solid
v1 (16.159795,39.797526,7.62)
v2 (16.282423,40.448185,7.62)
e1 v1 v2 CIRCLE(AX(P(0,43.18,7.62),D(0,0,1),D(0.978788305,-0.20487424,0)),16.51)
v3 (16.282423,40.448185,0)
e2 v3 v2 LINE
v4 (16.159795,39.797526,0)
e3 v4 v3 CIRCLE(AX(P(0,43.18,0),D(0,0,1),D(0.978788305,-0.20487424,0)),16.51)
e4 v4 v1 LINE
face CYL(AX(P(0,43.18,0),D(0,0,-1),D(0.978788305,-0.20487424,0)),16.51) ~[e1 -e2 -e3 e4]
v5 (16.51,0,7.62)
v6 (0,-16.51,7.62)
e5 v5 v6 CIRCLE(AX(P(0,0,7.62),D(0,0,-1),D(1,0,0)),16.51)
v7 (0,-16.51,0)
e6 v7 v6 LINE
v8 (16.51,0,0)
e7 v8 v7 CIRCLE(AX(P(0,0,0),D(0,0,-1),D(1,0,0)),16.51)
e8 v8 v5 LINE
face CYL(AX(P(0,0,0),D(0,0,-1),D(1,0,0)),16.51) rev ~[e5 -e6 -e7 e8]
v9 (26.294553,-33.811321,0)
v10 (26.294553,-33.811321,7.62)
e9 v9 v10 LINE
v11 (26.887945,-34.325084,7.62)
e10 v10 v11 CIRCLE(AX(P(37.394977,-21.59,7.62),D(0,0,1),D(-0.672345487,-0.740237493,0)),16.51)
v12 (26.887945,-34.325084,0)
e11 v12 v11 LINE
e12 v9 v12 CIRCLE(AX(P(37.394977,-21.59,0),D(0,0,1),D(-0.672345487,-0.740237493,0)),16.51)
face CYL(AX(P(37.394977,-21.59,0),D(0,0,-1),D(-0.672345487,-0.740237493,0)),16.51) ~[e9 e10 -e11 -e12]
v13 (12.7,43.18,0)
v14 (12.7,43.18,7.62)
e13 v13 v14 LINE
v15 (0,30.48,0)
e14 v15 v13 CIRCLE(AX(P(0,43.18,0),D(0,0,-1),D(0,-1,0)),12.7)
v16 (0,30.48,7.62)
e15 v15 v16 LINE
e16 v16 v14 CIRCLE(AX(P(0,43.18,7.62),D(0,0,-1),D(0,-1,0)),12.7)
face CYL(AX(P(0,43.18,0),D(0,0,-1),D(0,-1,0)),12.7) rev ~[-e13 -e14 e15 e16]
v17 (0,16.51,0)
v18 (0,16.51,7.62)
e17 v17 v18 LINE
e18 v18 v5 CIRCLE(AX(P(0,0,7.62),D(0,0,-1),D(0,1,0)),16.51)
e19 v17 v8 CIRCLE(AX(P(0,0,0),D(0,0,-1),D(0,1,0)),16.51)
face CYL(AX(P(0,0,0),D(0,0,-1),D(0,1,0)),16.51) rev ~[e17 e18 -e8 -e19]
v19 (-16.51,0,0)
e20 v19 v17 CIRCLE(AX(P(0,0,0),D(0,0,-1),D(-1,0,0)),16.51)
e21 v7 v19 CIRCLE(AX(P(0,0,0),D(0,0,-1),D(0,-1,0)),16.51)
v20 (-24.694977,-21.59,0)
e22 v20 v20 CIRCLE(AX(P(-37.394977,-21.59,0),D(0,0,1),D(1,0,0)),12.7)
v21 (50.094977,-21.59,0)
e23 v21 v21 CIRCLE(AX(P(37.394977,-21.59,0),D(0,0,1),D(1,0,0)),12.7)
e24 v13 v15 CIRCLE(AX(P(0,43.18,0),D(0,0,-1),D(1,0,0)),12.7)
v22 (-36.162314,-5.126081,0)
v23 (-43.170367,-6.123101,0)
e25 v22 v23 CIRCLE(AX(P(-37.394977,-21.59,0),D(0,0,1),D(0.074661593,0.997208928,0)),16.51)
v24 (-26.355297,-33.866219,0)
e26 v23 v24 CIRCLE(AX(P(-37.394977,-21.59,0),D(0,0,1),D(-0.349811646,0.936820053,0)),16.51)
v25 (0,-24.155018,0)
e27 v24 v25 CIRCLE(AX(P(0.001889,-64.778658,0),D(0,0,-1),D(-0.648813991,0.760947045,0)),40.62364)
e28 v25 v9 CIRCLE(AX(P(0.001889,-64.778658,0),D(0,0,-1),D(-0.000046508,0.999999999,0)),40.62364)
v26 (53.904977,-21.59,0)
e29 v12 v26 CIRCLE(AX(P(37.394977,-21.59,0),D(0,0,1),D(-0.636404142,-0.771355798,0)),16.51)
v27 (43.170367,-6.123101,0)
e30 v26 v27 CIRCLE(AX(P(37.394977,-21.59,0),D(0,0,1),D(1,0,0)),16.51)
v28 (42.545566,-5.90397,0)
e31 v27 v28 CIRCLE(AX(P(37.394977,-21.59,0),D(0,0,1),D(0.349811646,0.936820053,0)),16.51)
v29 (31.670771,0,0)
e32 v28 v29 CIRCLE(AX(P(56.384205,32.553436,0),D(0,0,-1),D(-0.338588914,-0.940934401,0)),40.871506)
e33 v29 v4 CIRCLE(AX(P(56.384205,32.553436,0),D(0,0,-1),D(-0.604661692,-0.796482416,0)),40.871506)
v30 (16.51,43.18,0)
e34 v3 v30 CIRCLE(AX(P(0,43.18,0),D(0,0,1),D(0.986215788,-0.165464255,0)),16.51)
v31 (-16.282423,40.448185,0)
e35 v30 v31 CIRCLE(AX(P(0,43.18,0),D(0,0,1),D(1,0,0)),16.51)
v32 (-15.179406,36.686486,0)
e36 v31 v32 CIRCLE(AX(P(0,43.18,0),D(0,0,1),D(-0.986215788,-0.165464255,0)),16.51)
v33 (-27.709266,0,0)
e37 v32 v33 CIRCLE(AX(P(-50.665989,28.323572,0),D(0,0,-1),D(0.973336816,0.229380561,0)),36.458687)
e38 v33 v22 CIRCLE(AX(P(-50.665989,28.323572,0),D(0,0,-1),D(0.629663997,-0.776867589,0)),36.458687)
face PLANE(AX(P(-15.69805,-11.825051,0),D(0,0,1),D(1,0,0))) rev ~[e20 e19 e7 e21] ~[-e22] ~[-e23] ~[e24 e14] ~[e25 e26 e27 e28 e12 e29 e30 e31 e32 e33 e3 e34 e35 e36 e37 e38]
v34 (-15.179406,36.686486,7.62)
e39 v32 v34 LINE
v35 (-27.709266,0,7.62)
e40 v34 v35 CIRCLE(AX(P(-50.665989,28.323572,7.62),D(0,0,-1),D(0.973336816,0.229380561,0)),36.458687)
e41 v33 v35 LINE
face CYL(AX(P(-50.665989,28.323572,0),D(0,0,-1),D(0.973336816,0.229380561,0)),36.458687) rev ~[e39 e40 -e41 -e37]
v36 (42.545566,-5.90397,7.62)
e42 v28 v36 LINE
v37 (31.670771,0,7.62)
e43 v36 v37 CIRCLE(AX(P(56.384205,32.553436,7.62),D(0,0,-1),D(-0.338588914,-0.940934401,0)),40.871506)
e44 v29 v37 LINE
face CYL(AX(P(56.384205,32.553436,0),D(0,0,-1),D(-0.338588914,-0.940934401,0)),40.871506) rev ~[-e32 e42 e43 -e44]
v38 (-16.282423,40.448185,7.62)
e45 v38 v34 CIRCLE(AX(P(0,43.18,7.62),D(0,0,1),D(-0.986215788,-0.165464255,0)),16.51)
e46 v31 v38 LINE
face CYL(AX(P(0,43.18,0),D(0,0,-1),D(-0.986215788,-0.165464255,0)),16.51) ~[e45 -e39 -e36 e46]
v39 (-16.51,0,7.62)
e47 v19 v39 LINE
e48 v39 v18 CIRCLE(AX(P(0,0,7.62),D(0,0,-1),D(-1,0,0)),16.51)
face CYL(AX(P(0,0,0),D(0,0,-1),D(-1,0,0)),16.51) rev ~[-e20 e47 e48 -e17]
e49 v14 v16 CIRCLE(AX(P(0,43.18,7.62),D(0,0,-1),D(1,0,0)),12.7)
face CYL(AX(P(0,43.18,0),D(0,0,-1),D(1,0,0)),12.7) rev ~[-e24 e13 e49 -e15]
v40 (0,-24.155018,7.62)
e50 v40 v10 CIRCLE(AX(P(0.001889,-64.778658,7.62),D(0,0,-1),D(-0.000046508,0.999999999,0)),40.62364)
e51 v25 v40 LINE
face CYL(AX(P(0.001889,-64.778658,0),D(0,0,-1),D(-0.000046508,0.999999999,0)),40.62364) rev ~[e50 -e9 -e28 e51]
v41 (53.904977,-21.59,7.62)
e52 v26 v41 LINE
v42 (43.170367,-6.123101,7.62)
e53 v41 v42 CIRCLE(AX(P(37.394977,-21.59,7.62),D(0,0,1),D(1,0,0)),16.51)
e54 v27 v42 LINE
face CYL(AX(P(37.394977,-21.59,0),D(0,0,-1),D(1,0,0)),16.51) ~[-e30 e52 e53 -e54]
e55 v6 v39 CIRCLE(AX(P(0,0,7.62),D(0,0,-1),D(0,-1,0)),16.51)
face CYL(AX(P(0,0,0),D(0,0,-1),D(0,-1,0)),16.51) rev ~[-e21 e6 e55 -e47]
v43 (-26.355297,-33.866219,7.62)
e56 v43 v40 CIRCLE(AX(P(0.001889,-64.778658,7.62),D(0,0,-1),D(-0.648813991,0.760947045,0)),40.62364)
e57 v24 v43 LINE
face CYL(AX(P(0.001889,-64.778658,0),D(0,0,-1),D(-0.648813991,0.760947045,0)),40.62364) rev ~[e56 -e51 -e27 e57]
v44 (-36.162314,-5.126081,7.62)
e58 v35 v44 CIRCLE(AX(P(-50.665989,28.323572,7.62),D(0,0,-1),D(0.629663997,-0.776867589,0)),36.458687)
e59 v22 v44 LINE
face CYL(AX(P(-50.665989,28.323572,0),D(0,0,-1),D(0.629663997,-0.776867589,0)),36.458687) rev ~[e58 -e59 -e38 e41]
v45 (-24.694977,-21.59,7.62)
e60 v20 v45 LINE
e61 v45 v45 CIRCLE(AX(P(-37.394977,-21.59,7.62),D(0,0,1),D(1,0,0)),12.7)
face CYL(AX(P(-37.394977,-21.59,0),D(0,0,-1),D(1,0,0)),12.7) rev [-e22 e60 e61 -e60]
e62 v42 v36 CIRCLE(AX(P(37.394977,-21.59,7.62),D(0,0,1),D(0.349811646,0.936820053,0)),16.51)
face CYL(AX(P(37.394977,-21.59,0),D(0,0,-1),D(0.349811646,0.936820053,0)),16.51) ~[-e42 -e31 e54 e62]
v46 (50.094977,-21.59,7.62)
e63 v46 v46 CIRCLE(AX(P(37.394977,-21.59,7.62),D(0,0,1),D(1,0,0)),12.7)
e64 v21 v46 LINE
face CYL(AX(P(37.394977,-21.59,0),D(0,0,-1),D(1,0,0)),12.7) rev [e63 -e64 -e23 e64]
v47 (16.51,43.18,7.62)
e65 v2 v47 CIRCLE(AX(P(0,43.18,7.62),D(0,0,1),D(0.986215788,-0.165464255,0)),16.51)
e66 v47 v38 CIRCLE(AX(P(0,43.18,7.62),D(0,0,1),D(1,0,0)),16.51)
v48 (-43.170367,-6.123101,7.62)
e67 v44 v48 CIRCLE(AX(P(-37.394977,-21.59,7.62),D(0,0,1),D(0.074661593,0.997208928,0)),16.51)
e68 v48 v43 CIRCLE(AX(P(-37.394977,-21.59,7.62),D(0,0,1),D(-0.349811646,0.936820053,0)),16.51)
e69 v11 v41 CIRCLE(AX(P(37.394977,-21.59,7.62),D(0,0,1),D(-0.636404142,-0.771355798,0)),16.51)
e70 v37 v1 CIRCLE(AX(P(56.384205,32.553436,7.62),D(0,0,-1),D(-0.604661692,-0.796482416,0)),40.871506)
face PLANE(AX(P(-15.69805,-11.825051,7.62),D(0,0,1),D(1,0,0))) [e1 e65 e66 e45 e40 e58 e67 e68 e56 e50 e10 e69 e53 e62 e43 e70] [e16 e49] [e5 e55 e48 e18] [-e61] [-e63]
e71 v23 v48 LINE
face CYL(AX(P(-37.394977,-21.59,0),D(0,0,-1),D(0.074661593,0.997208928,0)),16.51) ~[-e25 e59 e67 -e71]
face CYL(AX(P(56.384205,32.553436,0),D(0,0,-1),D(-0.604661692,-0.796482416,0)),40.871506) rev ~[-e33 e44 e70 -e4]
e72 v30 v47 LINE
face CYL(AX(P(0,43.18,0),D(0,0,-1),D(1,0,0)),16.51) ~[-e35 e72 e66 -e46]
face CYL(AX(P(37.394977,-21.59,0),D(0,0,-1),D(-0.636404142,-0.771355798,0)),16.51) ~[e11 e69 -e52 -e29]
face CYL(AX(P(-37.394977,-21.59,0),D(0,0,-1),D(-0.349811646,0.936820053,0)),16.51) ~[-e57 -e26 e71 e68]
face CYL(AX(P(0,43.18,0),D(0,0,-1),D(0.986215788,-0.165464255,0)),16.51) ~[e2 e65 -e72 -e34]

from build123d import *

# Parameters (mm, degrees)
F0_R     = 12.7
F1_DEPTH = 7.62
F2_DEPTH = 7.62


with BuildPart() as f1:
    # F0 (on Top) → F1 (new body)
    with BuildSketch(Plane.XY):
        with BuildLine():
            ThreePointArc((8.255, 28.8819205835), (12.3258453132, 13.4239085033), (21.0045894348, 0))
            Line((21.0045894348, 0), (31.6707710329, 0))
            ThreePointArc((31.6707710329, 0), (18.302822796, 17.71132227), (16.1597949126, 39.7975262922))
            ThreePointArc((16.1597949126, 39.7975262922), (13.3719170149, 33.4964089643), (8.255, 28.8819205835))
        make_face()
        with BuildLine():
            Line((31.6707710329, 0), (21.0045894348, 0))
            ThreePointArc((21.0045894348, 0), (24.8754155516, -3.865599887), (29.1399769354, -7.2919205835))
            ThreePointArc((29.1399769354, -7.2919205835), (35.694699606, -5.16778465), (42.5455662331, -5.9039702319))
            ThreePointArc((42.5455662331, -5.9039702319), (36.8834410643, -3.3659211944), (31.6707710329, 0))
        make_face()
        with BuildLine():
            ThreePointArc((-7.6549140883, 28.5518630612), (-3.9414184718, 27.1473670151), (0, 26.67))
            ThreePointArc((0, 26.67), (4.2731024346, 27.232564608), (8.255, 28.8819205835))
            ThreePointArc((8.255, 28.8819205835), (13.3719170149, 33.4964089643), (16.1597949126, 39.7975262922))
            ThreePointArc((16.1597949126, 39.7975262922), (16.2197911891, 40.1231040446), (16.2824226584, 40.44818515))
            ThreePointArc((16.2824226584, 40.44818515), (16.4530072949, 41.8093611142), (16.51, 43.18))
            ThreePointArc((16.51, 43.18), (-1.3706388858, 59.6330072949), (-16.2824226584, 40.44818515))
            ThreePointArc((-16.2824226584, 40.44818515), (-15.6803202045, 38.5821711599), (-15.17940645, 36.6864863267))
            ThreePointArc((-15.17940645, 36.6864863267), (-12.1200071176, 31.9690443106), (-7.6549140883, 28.5518630612))
        make_face()
        with BuildLine():
            ThreePointArc((12.7, 43.18), (8.9802561211, 34.1997438789), (0, 30.48))
            ThreePointArc((0, 30.48), (-8.9802561211, 52.1602561211), (12.7, 43.18))
        make_face(mode=Mode.SUBTRACT)
        with BuildLine():
            ThreePointArc((20.8849769354, -21.59), (10.7123026333, -18.0215657781), (0, -16.8117734215))
            Line((0, -16.8117734215), (0, -24.1550181674))
            ThreePointArc((0, -24.1550181674), (14.0058976618, -26.6451049511), (26.294552951, -33.8113210156))
            ThreePointArc((26.294552951, -33.8113210156), (22.2978232305, -28.2725182386), (20.8849769354, -21.59))
        make_face()
        with BuildLine():
            Line((0, -24.1550181674), (0, -16.8117734215))
            ThreePointArc((0, -16.8117734215), (-10.7123026333, -18.0215657781), (-20.8849769354, -21.59))
            ThreePointArc((-20.8849769354, -21.59), (-22.3144394795, -28.3099322944), (-26.3552967466, -33.8662193418))
            ThreePointArc((-26.3552967466, -33.8662193418), (-14.0436463009, -26.6603809258), (0, -24.1550181674))
        make_face()
        with BuildLine():
            ThreePointArc((42.5455662331, -5.9039702319), (35.694699606, -5.16778465), (29.1399769354, -7.2919205835))
            ThreePointArc((29.1399769354, -7.2919205835), (23.0968975189, -13.335), (20.8849769354, -21.59))
            ThreePointArc((20.8849769354, -21.59), (22.2978232305, -28.2725182386), (26.294552951, -33.8113210156))
            ThreePointArc((26.294552951, -33.8113210156), (26.5924895957, -34.0667694583), (26.8879445477, -34.3250842323))
            ThreePointArc((26.8879445477, -34.3250842323), (44.4344724883, -36.5240417289), (53.9049769354, -21.59))
            ThreePointArc((53.9049769354, -21.59), (50.9583797785, -12.176488258), (43.170367206, -6.1231009177))
            ThreePointArc((43.170367206, -6.1231009177), (42.8575229758, -6.0148008085), (42.5455662331, -5.9039702319))
        make_face()
        with Locations((37.3949769354, -21.59)):
            Circle(F0_R, mode=Mode.SUBTRACT)
        with BuildLine():
            ThreePointArc((-29.0972869573, -7.3166527743), (-24.7439019856, -3.8824922391), (-20.7851555545, 0))
            Line((-20.7851555545, 0), (-27.709266194, 0))
            ThreePointArc((-27.709266194, 0), (-31.7612402349, -2.8508778513), (-36.1623140389, -5.1260805947))
            ThreePointArc((-36.1623140389, -5.1260805947), (-32.505543625, -5.8206137753), (-29.0972869573, -7.3166527743))
        make_face()
        with BuildLine():
            Line((-27.709266194, 0), (-20.7851555545, 0))
            ThreePointArc((-20.7851555545, 0), (-11.9878842176, 13.2494249116), (-7.6549140883, 28.5518630612))
            ThreePointArc((-7.6549140883, 28.5518630612), (-12.1200071176, 31.9690443106), (-15.17940645, 36.6864863267))
            ThreePointArc((-15.17940645, 36.6864863267), (-16.1641114043, 16.5398413045), (-27.709266194, 0))
        make_face()
        with BuildLine():
            ThreePointArc((-26.3552967466, -33.8662193418), (-22.3144394795, -28.3099322944), (-20.8849769354, -21.59))
            ThreePointArc((-20.8849769354, -21.59), (-23.08457929, -13.3563726566), (-29.0972869573, -7.3166527743))
            ThreePointArc((-29.0972869573, -7.3166527743), (-32.505543625, -5.8206137753), (-36.1623140389, -5.1260805947))
            ThreePointArc((-36.1623140389, -5.1260805947), (-39.5193034819, -6.3893542054), (-42.9841780395, -7.3166527743))
            ThreePointArc((-42.9841780395, -7.3166527743), (-43.0814061763, -6.7205216633), (-43.170367206, -6.1231009177))
            ThreePointArc((-43.170367206, -6.1231009177), (-51.5140541737, -30.1475556055), (-26.3552967466, -33.8662193418))
        make_face()
        with Locations((-37.3949769354, -21.59)):
            Circle(F0_R, mode=Mode.SUBTRACT)
        with BuildLine():
            ThreePointArc((16.2824226584, 40.44818515), (16.2197911891, 40.1231040446), (16.1597949126, 39.7975262922))
            ThreePointArc((16.1597949126, 39.7975262922), (16.2243708497, 40.1222409295), (16.2824226584, 40.44818515))
        make_face()
        with BuildLine():
            ThreePointArc((43.170367206, -6.1231009177), (42.8590653266, -6.0104031485), (42.5455662331, -5.9039702319))
            ThreePointArc((42.5455662331, -5.9039702319), (42.8575229758, -6.0148008085), (43.170367206, -6.1231009177))
        make_face()
        with BuildLine():
            ThreePointArc((-16.2824226584, 40.44818515), (-15.8429563914, 38.5344825068), (-15.17940645, 36.6864863267))
            ThreePointArc((-15.17940645, 36.6864863267), (-15.6803202045, 38.5821711599), (-16.2824226584, 40.44818515))
        make_face()
        with BuildLine():
            ThreePointArc((26.8879445477, -34.3250842323), (26.5924895957, -34.0667694583), (26.294552951, -33.8113210156))
            ThreePointArc((26.294552951, -33.8113210156), (26.5881952277, -34.0717294123), (26.8879445477, -34.3250842323))
        make_face()
        with BuildLine():
            ThreePointArc((-42.9841780395, -7.3166527743), (-39.5193034819, -6.3893542054), (-36.1623140389, -5.1260805947))
            ThreePointArc((-36.1623140389, -5.1260805947), (-39.7204027846, -5.2445879642), (-43.170367206, -6.1231009177))
            ThreePointArc((-43.170367206, -6.1231009177), (-43.0814061763, -6.7205216633), (-42.9841780395, -7.3166527743))
        make_face()
    extrude(amount=F1_DEPTH)

    # F0 (on Top) → F2 (join)
    with BuildSketch(Plane.XY):
        with BuildLine():
            Line((0, -16.8117734215), (0, -16.51))
            ThreePointArc((0, -16.51), (-11.6743329574, -11.6743329574), (-16.51, 0))
            Line((-16.51, 0), (-20.7851555545, 0))
            ThreePointArc((-20.7851555545, 0), (-24.7439019856, -3.8824922391), (-29.0972869573, -7.3166527743))
            ThreePointArc((-29.0972869573, -7.3166527743), (-23.08457929, -13.3563726566), (-20.8849769354, -21.59))
            ThreePointArc((-20.8849769354, -21.59), (-10.7123026333, -18.0215657781), (0, -16.8117734215))
        make_face()
        with BuildLine():
            Line((21.0045894348, 0), (16.51, 0))
            ThreePointArc((16.51, 0), (11.6743329574, -11.6743329574), (0, -16.51))
            Line((0, -16.51), (0, -16.8117734215))
            ThreePointArc((0, -16.8117734215), (10.7123026333, -18.0215657781), (20.8849769354, -21.59))
            ThreePointArc((20.8849769354, -21.59), (23.0968975189, -13.335), (29.1399769354, -7.2919205835))
            ThreePointArc((29.1399769354, -7.2919205835), (24.8754155516, -3.865599887), (21.0045894348, 0))
        make_face()
        with BuildLine():
            ThreePointArc((0, 16.51), (11.6743329574, 11.6743329574), (16.51, 0))
            Line((16.51, 0), (21.0045894348, 0))
            ThreePointArc((21.0045894348, 0), (12.3258453132, 13.4239085033), (8.255, 28.8819205835))
            ThreePointArc((8.255, 28.8819205835), (4.2731024346, 27.232564608), (0, 26.67))
            Line((0, 26.67), (0, 16.51))
        make_face()
        with BuildLine():
            ThreePointArc((-16.51, 0), (-11.6743329574, 11.6743329574), (0, 16.51))
            Line((0, 16.51), (0, 26.67))
            ThreePointArc((0, 26.67), (-3.9414184718, 27.1473670151), (-7.6549140883, 28.5518630612))
            ThreePointArc((-7.6549140883, 28.5518630612), (-11.9878842176, 13.2494249116), (-20.7851555545, 0))
            Line((-20.7851555545, 0), (-16.51, 0))
        make_face()
    extrude(amount=F2_DEPTH)


solid = f1.part
